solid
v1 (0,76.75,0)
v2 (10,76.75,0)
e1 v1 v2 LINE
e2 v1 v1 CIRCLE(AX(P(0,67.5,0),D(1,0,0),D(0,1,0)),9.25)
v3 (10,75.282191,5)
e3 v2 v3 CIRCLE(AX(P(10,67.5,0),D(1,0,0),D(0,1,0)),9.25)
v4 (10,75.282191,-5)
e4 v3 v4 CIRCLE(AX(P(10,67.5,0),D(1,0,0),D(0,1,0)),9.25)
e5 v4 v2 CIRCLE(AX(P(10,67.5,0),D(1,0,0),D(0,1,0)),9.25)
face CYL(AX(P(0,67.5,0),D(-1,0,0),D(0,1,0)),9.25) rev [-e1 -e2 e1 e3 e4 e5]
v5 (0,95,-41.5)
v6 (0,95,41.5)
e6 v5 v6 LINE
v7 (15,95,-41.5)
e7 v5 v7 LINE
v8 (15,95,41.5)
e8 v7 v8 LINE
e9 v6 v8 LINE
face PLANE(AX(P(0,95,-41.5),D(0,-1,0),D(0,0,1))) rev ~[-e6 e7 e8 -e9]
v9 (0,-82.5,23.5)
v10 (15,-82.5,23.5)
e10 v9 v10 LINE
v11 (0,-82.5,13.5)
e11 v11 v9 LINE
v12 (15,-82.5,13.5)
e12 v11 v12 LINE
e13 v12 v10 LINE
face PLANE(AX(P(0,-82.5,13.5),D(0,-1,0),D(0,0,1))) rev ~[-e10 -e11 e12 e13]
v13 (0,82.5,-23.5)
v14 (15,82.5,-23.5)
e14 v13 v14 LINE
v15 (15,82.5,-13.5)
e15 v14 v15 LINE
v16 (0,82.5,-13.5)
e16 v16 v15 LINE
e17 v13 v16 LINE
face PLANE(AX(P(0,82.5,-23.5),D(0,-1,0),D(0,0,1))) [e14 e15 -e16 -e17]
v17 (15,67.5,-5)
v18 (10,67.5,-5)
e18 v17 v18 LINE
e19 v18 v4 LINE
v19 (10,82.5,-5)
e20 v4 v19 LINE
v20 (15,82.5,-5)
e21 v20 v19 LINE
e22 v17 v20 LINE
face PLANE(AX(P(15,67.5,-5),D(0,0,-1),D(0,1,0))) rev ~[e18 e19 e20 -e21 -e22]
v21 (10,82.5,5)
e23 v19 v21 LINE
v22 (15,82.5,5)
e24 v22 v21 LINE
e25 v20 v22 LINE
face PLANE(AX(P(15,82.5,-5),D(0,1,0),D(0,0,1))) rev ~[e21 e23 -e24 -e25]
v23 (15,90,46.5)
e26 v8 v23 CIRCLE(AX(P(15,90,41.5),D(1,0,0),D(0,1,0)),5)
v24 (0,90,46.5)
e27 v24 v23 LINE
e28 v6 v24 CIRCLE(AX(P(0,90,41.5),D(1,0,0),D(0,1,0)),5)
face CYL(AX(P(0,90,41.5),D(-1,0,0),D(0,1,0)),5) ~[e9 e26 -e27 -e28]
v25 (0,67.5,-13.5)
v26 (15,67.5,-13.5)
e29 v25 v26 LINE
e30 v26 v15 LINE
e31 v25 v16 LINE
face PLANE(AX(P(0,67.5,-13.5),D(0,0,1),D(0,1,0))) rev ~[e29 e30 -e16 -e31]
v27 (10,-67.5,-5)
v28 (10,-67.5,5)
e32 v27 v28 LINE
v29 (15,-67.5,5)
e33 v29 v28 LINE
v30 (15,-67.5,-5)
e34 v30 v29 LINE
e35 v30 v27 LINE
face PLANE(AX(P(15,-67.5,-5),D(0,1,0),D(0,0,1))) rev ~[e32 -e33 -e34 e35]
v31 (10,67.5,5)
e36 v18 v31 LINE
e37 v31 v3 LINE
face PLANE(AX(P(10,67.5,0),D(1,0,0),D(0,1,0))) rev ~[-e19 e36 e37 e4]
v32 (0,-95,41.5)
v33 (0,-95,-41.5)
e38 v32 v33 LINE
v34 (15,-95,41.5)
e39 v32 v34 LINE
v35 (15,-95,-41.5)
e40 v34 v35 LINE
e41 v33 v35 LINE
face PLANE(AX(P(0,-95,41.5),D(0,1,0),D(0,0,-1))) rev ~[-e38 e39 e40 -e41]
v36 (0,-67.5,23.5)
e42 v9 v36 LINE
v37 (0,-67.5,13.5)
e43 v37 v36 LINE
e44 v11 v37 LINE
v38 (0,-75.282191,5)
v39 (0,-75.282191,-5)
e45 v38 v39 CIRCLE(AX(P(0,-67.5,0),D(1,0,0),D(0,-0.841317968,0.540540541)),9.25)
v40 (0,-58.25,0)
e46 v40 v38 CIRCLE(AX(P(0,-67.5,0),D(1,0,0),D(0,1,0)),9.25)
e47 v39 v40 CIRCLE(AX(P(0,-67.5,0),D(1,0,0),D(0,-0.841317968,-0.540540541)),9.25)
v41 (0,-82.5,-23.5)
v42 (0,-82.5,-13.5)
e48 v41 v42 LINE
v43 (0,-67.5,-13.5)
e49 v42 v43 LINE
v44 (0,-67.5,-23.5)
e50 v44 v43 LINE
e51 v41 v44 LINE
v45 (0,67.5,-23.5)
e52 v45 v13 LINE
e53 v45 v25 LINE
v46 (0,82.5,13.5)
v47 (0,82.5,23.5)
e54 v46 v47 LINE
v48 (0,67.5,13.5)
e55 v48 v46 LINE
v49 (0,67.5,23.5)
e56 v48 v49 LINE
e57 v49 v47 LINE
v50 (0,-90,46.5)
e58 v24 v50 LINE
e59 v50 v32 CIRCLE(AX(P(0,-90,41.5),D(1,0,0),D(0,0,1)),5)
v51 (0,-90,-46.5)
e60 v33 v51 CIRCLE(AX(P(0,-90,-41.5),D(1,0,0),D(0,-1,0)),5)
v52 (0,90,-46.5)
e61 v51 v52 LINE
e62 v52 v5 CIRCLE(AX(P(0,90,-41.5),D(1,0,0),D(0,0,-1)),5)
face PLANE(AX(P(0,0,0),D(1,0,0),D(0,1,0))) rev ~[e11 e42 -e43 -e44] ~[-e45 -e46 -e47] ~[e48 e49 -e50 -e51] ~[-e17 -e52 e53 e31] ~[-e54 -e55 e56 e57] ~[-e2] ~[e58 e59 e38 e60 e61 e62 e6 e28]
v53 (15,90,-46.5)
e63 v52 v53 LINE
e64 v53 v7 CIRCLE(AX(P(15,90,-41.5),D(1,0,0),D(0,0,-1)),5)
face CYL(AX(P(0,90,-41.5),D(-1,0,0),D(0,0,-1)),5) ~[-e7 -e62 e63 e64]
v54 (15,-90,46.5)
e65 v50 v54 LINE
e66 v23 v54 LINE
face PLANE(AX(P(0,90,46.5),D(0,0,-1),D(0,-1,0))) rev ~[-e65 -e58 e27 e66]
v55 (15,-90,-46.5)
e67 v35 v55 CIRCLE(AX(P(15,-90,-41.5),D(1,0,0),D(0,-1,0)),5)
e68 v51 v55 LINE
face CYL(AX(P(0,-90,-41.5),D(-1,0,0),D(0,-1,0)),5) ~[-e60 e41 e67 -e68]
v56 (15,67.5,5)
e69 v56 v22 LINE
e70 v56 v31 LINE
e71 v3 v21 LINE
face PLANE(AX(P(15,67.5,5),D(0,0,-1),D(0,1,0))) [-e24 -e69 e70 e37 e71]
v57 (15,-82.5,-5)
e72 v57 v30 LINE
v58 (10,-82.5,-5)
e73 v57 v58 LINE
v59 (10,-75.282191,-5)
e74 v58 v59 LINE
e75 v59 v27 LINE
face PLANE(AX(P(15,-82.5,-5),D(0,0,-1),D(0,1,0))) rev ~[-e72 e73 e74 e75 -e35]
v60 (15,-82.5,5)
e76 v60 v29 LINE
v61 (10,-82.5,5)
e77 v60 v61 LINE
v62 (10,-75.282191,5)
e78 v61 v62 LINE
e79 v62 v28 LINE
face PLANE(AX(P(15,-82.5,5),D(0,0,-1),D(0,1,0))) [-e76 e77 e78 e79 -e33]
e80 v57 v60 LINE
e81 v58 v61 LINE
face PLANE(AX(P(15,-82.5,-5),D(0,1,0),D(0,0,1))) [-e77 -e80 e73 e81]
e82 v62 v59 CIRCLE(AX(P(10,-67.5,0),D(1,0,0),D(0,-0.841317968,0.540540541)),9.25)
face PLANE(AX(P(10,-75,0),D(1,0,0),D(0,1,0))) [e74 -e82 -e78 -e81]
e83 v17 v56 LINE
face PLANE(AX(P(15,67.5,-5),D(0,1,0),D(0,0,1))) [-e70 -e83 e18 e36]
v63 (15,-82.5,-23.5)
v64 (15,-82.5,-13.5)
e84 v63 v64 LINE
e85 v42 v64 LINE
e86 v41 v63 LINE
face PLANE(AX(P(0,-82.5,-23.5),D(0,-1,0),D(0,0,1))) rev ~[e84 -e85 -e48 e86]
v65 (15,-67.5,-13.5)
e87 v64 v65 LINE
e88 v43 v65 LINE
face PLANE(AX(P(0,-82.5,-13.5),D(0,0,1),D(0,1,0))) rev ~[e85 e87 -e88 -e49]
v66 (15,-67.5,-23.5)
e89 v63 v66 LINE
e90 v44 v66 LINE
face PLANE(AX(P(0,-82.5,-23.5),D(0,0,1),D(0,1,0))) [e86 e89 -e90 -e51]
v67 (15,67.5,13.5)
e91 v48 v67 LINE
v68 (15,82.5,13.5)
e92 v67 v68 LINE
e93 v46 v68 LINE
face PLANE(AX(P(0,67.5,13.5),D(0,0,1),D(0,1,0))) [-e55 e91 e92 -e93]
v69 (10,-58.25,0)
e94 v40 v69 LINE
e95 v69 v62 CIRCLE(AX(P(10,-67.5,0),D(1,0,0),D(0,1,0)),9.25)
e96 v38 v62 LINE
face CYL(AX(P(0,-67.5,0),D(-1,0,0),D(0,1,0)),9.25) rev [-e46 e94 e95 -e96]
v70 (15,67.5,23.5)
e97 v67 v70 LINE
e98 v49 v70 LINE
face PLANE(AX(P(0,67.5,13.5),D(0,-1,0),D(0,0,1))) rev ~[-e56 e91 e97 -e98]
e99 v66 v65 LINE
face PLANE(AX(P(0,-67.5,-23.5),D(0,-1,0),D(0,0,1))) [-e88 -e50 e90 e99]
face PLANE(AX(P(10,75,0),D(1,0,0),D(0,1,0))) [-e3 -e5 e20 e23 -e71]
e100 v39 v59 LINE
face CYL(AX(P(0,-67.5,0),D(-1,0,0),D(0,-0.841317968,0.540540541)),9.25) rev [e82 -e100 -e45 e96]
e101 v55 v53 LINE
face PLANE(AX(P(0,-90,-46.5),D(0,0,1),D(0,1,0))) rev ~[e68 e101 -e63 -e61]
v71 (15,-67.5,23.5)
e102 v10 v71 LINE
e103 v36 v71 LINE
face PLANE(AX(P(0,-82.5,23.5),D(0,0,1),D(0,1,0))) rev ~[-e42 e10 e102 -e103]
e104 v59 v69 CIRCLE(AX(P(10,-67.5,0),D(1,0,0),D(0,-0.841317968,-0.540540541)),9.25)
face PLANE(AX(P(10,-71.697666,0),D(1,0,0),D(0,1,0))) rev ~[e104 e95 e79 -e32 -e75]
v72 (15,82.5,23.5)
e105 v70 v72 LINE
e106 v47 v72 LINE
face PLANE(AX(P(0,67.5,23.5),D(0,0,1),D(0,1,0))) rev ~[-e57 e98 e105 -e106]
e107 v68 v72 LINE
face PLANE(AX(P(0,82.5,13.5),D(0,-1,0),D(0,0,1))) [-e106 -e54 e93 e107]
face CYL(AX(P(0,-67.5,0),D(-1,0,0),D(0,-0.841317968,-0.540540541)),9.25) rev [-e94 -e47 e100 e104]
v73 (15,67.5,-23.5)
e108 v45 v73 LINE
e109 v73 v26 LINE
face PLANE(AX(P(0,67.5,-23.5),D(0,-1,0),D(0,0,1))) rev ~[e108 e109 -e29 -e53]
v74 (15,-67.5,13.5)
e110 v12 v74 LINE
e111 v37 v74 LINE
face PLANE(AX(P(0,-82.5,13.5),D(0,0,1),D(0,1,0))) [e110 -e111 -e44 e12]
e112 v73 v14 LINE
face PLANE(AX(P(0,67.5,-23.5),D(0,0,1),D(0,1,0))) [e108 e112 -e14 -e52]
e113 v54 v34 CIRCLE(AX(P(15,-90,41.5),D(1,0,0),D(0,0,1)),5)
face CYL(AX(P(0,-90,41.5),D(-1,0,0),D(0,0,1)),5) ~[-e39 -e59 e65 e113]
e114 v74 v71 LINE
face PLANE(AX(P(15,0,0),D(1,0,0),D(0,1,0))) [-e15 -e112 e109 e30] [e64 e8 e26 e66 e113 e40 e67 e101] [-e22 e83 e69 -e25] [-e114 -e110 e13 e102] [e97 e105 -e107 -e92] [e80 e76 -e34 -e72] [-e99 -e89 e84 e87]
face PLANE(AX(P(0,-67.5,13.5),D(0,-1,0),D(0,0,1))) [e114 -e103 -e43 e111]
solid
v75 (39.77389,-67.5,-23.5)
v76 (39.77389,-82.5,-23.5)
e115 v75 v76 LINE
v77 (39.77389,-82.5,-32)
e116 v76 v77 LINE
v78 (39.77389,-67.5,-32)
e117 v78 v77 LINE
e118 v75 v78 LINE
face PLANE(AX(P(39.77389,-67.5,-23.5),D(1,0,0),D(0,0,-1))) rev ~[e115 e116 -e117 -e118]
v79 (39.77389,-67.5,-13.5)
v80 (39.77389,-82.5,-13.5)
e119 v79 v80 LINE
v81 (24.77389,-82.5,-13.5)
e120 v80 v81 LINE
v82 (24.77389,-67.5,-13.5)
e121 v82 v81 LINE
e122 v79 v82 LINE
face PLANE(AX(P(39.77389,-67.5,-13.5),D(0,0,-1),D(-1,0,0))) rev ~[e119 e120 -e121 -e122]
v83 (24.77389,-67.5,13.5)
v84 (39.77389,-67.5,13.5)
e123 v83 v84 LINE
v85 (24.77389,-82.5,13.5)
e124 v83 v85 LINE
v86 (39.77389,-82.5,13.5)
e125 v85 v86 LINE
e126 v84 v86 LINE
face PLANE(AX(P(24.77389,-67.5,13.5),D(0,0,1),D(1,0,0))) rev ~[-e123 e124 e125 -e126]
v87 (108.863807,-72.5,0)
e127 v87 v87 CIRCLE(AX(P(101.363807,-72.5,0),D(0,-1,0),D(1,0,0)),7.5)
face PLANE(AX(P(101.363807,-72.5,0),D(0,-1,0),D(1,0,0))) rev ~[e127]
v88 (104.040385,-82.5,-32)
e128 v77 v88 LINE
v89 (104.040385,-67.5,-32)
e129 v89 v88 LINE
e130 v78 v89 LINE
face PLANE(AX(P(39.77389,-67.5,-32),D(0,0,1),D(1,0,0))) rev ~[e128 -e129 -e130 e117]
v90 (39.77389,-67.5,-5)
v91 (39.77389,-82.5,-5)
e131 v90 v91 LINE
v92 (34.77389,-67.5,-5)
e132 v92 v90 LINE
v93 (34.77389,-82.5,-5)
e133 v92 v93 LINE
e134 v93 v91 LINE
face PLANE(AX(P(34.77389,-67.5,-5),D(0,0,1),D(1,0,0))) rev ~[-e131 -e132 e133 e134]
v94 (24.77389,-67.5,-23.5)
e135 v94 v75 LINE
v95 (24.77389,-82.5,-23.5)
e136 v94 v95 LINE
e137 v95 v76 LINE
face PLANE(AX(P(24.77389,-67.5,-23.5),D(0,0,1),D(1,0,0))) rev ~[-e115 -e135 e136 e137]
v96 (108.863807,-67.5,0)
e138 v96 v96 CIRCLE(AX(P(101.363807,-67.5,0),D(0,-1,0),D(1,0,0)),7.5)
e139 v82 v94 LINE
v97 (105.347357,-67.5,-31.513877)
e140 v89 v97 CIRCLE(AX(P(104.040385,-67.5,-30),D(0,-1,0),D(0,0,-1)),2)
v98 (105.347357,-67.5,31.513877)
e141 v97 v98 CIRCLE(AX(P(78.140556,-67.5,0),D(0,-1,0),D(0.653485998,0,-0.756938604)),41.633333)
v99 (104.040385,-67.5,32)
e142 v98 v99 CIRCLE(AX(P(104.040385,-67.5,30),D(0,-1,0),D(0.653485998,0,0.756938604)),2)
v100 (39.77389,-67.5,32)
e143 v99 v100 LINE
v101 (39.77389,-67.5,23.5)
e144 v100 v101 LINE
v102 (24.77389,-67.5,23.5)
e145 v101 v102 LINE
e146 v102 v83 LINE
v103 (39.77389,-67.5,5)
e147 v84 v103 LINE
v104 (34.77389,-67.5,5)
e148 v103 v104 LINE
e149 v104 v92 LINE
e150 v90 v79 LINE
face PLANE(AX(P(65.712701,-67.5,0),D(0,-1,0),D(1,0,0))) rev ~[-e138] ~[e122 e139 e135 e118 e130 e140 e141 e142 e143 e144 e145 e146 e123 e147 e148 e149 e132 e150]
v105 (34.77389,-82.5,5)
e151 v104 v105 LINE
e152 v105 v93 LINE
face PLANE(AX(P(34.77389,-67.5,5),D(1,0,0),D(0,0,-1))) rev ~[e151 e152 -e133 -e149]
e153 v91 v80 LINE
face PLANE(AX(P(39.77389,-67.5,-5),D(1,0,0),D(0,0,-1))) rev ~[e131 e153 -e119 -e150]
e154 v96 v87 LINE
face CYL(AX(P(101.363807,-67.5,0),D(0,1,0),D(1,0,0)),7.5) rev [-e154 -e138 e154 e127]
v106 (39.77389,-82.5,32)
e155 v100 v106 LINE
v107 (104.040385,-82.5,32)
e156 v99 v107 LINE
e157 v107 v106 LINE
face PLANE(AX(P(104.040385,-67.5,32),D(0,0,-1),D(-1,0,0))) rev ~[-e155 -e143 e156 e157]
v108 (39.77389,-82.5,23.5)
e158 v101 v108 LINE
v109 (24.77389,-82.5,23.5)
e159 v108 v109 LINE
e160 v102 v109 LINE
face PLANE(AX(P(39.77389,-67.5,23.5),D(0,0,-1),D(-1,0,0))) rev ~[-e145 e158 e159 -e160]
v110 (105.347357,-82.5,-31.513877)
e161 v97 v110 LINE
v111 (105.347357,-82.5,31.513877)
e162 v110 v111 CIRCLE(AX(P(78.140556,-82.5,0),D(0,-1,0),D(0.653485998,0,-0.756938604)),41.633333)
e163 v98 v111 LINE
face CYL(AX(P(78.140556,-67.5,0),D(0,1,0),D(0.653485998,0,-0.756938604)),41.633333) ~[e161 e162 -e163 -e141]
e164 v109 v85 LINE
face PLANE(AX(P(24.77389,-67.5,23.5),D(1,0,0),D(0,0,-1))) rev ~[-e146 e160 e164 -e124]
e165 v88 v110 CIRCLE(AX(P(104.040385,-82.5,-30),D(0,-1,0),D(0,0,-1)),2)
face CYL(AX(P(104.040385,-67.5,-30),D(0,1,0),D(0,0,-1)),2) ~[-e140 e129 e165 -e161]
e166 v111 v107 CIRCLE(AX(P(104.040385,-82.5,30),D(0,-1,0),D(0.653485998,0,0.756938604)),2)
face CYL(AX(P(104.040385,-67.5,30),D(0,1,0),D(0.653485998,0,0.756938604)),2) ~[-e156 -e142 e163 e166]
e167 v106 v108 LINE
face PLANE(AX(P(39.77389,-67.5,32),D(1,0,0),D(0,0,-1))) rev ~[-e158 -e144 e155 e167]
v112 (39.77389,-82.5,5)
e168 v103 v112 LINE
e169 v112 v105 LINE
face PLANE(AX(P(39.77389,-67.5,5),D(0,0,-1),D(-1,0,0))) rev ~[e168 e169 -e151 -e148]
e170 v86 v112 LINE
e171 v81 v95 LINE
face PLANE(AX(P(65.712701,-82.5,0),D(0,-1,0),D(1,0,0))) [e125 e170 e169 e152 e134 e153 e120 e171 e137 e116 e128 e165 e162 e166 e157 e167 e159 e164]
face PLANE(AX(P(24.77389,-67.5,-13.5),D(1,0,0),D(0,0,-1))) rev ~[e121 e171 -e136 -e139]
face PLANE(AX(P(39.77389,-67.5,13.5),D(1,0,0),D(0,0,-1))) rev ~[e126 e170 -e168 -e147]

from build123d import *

# Parameters (mm, degrees)
F0_W     = 15
F0_H     = 10
F0_R     = 9.25
F1_DEPTH = 15
F3_W     = 15
F3_H     = 10
F3_W_2   = 10
F3_H_2   = 15
F3_R     = 7.5
F4_DEPTH = 15
F5_DEPTH = 5
F6_DEPTH = 10
F7_W     = 15
F7_H     = 10
F8_DEPTH = 5


with BuildPart() as f1:
    # F0 (on Right) → F1 (new body)
    with BuildSketch(Plane.YZ):
        with BuildLine():
            Line((-90, -46.5), (90, -46.5))
            ThreePointArc((90, -46.5), (93.5355339059, -45.0355339059), (95, -41.5))
            Line((95, -41.5), (95, 41.5))
            ThreePointArc((95, 41.5), (93.5355339059, 45.0355339059), (90, 46.5))
            Line((90, 46.5), (-90, 46.5))
            ThreePointArc((-90, 46.5), (-93.5355339059, 45.0355339059), (-95, 41.5))
            Line((-95, 41.5), (-95, -41.5))
            ThreePointArc((-95, -41.5), (-93.5355339059, -45.0355339059), (-90, -46.5))
        make_face()
        with Locations((-75, -18.5)):
            Rectangle(F0_W, F0_H, mode=Mode.SUBTRACT)
        with Locations((75, -18.5)):
            Rectangle(F0_W, F0_H, mode=Mode.SUBTRACT)
        with BuildLine():
            ThreePointArc((-75.2821912081, 5), (-64.8945027994, 8.8754653026), (-58.25, 0))
            ThreePointArc((-58.25, 0), (-64.8945027994, -8.8754653026), (-75.2821912081, -5))
            Line((-75.2821912081, -5), (-82.5, -5))
            Line((-82.5, -5), (-82.5, 5))
            Line((-82.5, 5), (-75.2821912081, 5))
        make_face(mode=Mode.SUBTRACT)
        with Locations((-75, 18.5)):
            Rectangle(F0_W, F0_H, mode=Mode.SUBTRACT)
        with Locations((67.5, 0)):
            Circle(F0_R, mode=Mode.SUBTRACT)
        with Locations((75, 18.5)):
            Rectangle(F0_W, F0_H, mode=Mode.SUBTRACT)
        with BuildLine():
            Line((-67.5, 5), (-75.2821912081, 5))
            ThreePointArc((-75.2821912081, 5), (-76.75, 0), (-75.2821912081, -5))
            Line((-75.2821912081, -5), (-67.5, -5))
            Line((-67.5, -5), (-67.5, 5))
        make_face()
        with BuildLine():
            ThreePointArc((-75.2821912081, -5), (-64.8945027994, -8.8754653026), (-58.25, 0))
            ThreePointArc((-58.25, 0), (-64.8945027994, 8.8754653026), (-75.2821912081, 5))
            Line((-75.2821912081, 5), (-67.5, 5))
            Line((-67.5, 5), (-67.5, -5))
            Line((-67.5, -5), (-75.2821912081, -5))
        make_face()
        with Locations((67.5, 0)):
            Circle(F0_R)
        with BuildLine():
            ThreePointArc((-75.2821912081, -5), (-76.75, 0), (-75.2821912081, 5))
            Line((-75.2821912081, 5), (-82.5, 5))
            Line((-82.5, 5), (-82.5, -5))
            Line((-82.5, -5), (-75.2821912081, -5))
        make_face()
    extrude(amount=F1_DEPTH)

    # F0 (on Right) → F6 (cut)
    with BuildSketch(Plane.YZ):
        with Locations((67.5, 0)):
            Circle(F0_R)
        with BuildLine():
            Line((-67.5, 5), (-75.2821912081, 5))
            ThreePointArc((-75.2821912081, 5), (-76.75, 0), (-75.2821912081, -5))
            Line((-75.2821912081, -5), (-67.5, -5))
            Line((-67.5, -5), (-67.5, 5))
        make_face()
        with BuildLine():
            ThreePointArc((-75.2821912081, -5), (-64.8945027994, -8.8754653026), (-58.25, 0))
            ThreePointArc((-58.25, 0), (-64.8945027994, 8.8754653026), (-75.2821912081, 5))
            Line((-75.2821912081, 5), (-67.5, 5))
            Line((-67.5, 5), (-67.5, -5))
            Line((-67.5, -5), (-75.2821912081, -5))
        make_face()
    extrude(amount=F6_DEPTH, mode=Mode.SUBTRACT)

    # F7 (on face) → F8 (cut)
    with BuildSketch(Plane.YZ.offset(15)):
        with Locations((-75, 0)):
            Rectangle(F7_W, F7_H)
        with Locations((75, 0)):
            Rectangle(F7_W, F7_H)
    extrude(amount=-F8_DEPTH, mode=Mode.SUBTRACT)


with BuildPart() as f4:
    # F3 (on offset) → F4 (new body)
    with BuildSketch(Plane.XZ.offset(67.5)):
        with BuildLine():
            ThreePointArc((105.3473567366, 31.5138772077), (104.7376098057, 31.8745338641), (104.04038474, 32))
            Line((104.04038474, 32), (39.7738896741, 32))
            Line((39.7738896741, 32), (39.7738896741, 23.5))
            Line((39.7738896741, 23.5), (24.7738896741, 23.5))
            Line((24.7738896741, 23.5), (24.7738896741, 13.5))
            Line((24.7738896741, 13.5), (39.7738896741, 13.5))
            Line((39.7738896741, 13.5), (39.7738896741, 5))
            Line((39.7738896741, 5), (34.7738896741, 5))
            Line((34.7738896741, 5), (34.7738896741, -5))
            Line((34.7738896741, -5), (39.7738896741, -5))
            Line((39.7738896741, -5), (39.7738896741, -13.5))
            Line((39.7738896741, -13.5), (24.7738896741, -13.5))
            Line((24.7738896741, -13.5), (24.7738896741, -23.5))
            Line((24.7738896741, -23.5), (39.7738896741, -23.5))
            Line((39.7738896741, -23.5), (39.7738896741, -32))
            Line((39.7738896741, -32), (104.04038474, -32))
            ThreePointArc((104.04038474, -32), (104.7376098057, -31.8745338641), (105.3473567366, -31.5138772077))
            ThreePointArc((105.3473567366, -31.5138772077), (119.7738896741, 0), (105.3473567366, 31.5138772077))
        make_face()
        with Locations((93.8638073206, -18.5)):
            Rectangle(F3_W, F3_H, mode=Mode.SUBTRACT)
        with Locations((58.1405563407, 0)):
            Rectangle(F3_W_2, F3_H_2, mode=Mode.SUBTRACT)
        with Locations((101.3638073206, 0)):
            Circle(F3_R, mode=Mode.SUBTRACT)
        with Locations((93.8638073206, 18.5)):
            Rectangle(F3_W, F3_H, mode=Mode.SUBTRACT)
        with Locations((101.3638073206, 0)):
            Circle(F3_R)
        with Locations((93.8638073206, 18.5)):
            Rectangle(F3_W, F3_H)
        with Locations((93.8638073206, -18.5)):
            Rectangle(F3_W, F3_H)
        with Locations((58.1405563407, 0)):
            Rectangle(F3_W_2, F3_H_2)
    extrude(amount=F4_DEPTH)

    # F3 (on offset) → F5 (cut)
    with BuildSketch(Plane.XZ.offset(67.5)):
        with Locations((101.3638073206, 0)):
            Circle(F3_R)
    extrude(amount=F5_DEPTH, mode=Mode.SUBTRACT)


solid = Compound([f1.part, f4.part])
